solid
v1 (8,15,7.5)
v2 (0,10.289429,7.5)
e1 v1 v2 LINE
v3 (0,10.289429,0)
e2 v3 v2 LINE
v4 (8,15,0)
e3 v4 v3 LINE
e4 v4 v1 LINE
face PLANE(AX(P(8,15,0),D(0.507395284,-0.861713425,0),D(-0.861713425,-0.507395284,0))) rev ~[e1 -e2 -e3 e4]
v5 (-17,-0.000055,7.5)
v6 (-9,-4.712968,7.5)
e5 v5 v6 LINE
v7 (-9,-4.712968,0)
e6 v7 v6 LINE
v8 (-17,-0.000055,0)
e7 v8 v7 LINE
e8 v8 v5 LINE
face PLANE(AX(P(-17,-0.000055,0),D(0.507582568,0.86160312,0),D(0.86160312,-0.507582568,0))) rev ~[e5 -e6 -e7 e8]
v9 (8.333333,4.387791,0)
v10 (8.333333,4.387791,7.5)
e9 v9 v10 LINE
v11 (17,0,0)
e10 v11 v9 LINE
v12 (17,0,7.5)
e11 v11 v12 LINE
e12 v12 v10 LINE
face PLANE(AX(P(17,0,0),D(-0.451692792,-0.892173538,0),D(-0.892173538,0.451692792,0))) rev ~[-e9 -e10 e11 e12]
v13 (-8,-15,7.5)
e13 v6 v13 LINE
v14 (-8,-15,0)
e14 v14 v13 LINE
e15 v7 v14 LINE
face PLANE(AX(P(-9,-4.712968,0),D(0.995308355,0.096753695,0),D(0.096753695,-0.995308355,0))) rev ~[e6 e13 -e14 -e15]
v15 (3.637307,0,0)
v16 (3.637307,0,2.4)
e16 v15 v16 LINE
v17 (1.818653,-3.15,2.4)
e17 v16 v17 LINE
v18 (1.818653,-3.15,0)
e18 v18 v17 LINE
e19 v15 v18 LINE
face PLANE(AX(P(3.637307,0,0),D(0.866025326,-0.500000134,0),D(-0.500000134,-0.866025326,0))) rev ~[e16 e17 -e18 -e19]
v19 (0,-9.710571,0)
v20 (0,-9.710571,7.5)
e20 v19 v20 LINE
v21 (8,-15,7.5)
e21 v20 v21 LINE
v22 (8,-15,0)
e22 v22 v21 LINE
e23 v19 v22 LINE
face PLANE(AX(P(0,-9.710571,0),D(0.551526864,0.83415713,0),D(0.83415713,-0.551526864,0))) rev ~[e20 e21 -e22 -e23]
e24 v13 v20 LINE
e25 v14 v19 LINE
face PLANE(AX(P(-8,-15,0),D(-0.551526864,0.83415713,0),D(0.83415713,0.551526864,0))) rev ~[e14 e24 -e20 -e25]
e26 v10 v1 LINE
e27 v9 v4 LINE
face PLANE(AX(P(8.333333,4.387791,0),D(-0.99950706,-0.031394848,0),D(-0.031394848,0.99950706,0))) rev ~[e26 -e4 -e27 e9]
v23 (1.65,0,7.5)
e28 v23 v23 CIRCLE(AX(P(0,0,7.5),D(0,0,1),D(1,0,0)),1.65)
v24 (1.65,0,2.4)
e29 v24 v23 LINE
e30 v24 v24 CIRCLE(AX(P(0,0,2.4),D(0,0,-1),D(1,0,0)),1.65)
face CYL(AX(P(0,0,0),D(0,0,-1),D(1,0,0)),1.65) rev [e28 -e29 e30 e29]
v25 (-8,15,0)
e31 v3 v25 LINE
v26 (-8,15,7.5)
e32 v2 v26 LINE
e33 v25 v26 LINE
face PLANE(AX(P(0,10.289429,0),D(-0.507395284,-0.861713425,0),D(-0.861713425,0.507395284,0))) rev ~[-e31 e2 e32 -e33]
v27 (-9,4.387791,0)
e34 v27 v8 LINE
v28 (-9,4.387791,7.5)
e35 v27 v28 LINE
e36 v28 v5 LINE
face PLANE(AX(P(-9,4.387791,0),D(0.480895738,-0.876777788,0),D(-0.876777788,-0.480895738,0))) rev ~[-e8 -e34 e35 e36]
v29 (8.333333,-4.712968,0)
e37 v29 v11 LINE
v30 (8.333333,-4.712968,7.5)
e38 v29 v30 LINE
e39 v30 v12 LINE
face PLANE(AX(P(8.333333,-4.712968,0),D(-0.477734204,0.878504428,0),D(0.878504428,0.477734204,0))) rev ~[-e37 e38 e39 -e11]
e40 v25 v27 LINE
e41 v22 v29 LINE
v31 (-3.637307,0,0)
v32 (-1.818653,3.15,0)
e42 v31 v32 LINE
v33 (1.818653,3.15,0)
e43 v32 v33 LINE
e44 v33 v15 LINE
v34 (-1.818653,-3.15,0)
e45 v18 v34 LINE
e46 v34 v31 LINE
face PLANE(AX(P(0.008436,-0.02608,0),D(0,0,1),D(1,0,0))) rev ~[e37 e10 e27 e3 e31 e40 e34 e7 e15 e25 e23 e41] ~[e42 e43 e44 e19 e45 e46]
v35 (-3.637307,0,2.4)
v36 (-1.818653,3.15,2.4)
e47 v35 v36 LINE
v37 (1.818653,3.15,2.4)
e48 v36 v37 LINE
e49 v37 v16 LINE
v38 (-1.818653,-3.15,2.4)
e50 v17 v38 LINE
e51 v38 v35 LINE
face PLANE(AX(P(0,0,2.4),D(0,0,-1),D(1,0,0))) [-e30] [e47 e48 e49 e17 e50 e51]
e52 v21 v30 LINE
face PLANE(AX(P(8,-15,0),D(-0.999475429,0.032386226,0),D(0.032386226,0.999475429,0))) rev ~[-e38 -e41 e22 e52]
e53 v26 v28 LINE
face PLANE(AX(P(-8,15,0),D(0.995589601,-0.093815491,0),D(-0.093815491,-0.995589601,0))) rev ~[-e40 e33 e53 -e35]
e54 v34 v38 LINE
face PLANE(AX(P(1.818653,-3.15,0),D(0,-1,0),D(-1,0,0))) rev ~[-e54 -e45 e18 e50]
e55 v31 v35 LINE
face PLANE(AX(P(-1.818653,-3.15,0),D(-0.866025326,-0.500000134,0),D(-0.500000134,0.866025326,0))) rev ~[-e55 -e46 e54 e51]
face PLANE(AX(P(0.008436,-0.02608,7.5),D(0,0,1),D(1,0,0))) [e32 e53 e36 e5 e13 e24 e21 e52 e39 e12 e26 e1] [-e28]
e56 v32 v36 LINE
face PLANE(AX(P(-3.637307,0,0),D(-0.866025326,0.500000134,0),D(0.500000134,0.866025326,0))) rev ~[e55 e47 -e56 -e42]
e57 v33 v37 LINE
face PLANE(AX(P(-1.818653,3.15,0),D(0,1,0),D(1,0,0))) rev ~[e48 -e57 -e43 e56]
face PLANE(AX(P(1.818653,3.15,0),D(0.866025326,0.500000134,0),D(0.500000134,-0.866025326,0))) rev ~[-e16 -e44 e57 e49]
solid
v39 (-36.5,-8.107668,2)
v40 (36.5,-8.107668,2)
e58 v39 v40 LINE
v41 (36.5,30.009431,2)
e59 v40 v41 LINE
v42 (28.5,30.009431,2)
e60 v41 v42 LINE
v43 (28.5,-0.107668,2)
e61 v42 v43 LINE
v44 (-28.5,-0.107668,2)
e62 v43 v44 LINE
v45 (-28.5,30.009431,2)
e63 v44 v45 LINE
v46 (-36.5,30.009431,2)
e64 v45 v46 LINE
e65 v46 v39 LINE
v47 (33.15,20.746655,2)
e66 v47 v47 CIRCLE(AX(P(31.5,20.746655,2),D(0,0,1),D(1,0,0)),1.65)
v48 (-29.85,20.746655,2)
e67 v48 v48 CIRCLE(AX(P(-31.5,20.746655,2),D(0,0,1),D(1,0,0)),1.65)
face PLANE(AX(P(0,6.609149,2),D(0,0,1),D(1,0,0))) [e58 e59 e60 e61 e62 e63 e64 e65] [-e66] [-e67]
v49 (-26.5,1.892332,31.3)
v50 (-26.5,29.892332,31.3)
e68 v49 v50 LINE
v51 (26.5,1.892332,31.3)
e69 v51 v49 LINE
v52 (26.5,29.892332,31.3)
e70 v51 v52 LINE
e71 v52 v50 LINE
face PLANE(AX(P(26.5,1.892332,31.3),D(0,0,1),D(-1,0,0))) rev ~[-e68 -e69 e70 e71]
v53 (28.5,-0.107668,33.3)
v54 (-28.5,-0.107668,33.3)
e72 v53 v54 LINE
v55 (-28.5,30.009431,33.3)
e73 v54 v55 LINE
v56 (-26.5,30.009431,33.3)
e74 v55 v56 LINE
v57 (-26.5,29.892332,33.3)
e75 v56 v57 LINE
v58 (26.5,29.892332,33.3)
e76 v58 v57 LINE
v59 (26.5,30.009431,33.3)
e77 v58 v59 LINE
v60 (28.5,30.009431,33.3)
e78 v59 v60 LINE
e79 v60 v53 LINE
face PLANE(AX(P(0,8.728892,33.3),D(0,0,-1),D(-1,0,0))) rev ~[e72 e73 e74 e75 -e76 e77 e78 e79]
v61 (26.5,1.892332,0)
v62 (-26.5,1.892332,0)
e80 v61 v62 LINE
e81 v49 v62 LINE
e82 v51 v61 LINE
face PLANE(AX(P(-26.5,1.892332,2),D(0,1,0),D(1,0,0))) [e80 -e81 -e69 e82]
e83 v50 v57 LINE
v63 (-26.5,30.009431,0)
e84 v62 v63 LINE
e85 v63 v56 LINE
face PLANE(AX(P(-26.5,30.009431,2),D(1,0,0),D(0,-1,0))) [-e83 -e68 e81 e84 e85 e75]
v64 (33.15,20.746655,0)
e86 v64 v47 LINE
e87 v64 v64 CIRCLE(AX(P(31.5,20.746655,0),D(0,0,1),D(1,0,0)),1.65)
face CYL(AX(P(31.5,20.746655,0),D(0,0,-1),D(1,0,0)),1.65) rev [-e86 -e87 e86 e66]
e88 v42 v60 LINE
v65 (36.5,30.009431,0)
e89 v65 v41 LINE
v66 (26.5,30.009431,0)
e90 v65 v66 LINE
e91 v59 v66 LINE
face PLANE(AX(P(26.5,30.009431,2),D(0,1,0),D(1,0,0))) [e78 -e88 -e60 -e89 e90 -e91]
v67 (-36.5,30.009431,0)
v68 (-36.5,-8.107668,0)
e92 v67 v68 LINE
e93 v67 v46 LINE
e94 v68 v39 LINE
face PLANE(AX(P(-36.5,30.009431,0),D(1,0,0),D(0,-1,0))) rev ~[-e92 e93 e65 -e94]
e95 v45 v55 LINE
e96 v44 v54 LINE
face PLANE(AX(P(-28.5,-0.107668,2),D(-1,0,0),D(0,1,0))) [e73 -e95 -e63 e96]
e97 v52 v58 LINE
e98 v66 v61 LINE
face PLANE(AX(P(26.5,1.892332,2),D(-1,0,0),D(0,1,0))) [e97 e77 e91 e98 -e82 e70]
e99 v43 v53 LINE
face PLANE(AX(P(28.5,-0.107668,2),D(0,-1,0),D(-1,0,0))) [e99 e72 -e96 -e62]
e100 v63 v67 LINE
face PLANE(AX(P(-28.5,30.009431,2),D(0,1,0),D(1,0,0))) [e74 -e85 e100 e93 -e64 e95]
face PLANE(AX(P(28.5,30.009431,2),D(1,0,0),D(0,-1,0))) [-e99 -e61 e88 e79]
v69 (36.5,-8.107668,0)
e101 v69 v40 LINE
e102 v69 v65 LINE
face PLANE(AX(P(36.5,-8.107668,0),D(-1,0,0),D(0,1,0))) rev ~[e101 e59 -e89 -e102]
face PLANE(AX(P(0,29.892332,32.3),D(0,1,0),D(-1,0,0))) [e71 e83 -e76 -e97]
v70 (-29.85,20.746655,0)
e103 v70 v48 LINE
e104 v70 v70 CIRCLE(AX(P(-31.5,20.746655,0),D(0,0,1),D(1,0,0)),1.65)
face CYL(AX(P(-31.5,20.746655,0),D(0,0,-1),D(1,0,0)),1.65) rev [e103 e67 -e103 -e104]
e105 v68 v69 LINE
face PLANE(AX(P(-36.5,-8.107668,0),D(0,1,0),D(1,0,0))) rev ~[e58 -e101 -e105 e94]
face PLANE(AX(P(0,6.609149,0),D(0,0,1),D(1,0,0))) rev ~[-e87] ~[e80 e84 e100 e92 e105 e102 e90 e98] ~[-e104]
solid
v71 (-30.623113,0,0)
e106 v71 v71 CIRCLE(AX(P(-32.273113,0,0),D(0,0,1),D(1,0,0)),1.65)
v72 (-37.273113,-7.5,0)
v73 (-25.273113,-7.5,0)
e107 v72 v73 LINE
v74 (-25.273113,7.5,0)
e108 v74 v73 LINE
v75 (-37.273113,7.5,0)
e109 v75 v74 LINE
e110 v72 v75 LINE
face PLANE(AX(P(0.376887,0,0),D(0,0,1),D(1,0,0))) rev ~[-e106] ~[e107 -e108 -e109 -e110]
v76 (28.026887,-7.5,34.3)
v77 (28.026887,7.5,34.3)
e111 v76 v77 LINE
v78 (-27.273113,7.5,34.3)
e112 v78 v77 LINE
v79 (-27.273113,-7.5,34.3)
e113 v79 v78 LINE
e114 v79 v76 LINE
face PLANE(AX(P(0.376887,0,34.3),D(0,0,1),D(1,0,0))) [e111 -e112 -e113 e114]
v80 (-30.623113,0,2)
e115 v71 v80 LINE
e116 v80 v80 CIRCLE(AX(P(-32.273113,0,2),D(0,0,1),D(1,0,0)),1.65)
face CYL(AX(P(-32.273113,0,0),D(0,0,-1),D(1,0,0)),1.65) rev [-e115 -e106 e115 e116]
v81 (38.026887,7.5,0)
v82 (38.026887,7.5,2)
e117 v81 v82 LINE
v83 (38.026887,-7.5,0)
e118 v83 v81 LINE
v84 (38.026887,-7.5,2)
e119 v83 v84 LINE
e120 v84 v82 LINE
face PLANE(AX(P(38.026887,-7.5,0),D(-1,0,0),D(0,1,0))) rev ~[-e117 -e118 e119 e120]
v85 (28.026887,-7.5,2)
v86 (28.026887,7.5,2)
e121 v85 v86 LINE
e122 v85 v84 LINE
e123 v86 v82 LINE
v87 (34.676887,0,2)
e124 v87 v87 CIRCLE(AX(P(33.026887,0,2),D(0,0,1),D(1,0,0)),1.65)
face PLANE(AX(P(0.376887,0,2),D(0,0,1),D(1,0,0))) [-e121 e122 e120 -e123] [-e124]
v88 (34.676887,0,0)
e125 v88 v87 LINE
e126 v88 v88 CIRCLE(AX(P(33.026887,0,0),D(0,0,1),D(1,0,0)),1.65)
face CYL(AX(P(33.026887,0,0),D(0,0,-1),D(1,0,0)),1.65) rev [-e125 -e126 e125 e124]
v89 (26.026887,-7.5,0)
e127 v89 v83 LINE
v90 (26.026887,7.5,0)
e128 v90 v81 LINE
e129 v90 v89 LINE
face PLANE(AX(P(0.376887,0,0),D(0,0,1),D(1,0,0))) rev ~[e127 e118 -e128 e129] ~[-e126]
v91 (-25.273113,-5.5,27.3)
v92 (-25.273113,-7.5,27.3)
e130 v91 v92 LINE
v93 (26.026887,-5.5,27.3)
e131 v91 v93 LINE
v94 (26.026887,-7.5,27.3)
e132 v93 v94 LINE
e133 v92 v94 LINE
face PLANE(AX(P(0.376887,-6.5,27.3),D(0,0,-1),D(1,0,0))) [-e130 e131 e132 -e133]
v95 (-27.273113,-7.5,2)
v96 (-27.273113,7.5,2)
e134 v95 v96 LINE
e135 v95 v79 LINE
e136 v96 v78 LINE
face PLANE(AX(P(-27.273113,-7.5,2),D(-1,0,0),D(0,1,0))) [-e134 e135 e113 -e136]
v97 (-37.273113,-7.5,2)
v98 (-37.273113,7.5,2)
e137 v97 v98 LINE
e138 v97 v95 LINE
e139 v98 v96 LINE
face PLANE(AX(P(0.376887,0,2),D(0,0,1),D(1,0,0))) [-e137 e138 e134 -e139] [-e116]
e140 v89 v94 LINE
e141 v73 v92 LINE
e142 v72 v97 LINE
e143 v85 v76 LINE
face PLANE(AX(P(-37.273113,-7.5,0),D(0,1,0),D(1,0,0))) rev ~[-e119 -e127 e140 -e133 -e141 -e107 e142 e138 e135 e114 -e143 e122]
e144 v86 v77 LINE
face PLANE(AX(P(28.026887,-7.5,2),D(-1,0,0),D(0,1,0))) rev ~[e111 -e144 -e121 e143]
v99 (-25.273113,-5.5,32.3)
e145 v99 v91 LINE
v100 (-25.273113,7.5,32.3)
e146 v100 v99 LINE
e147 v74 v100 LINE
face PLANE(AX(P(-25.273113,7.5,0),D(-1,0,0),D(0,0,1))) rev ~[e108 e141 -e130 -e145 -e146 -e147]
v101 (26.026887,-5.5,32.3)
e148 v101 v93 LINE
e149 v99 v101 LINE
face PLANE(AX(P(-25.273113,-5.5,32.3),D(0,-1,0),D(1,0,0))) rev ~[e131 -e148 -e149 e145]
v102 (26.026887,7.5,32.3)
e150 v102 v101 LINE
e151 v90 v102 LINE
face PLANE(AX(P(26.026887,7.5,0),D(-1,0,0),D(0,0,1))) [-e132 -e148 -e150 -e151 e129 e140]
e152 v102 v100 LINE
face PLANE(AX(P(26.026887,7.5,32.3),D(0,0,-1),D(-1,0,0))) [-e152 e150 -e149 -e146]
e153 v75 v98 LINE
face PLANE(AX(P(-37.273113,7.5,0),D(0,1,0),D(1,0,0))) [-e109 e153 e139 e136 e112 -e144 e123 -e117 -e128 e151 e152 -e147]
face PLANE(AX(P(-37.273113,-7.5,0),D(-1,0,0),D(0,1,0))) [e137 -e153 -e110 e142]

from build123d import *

# Parameters (mm, degrees)
SKETCH_R        = 1.65
PAD_DEPTH       = 7.5
POCKET_DEPTH    = 2.4
SKETCH002_R     = 1.65
PAD001_DEPTH    = 2
PAD002_DEPTH    = 31.3
SKETCH005_W     = 53
SKETCH005_H     = 2
PAD003_DEPTH    = 28
SKETCH006_W     = 75.3
SKETCH006_H     = 15
SKETCH006_R     = 1.65
PAD004_DEPTH    = 2
SKETCH007_W     = 55.3
SKETCH007_H     = 15
PAD005_DEPTH    = 32.3
SKETCH008_W     = 51.3
SKETCH008_H     = 32.3
POCKET001_DEPTH = 15.001
SKETCH009_W     = 51.3
SKETCH009_H     = 2
PAD006_DEPTH    = 5


with BuildPart() as pezinhos:
    # Sketch → Pad (new body)
    with BuildSketch(Plane.XY):
        Polygon((8, -15), (8.333333, -4.712968), (17, 0), (8.333333, 4.387791), (8, 15), (0, 10.289429), (-8, 15), (-9, 4.387791), (-17, -5.5e-05), (-9, -4.712968), (-8, -15), (0, -9.710571), align=None)
        Circle(SKETCH_R, mode=Mode.SUBTRACT)
    extrude(amount=PAD_DEPTH)

    # Sketch001 (on Face14 of Pad) → Pocket (cut)
    with BuildSketch(Plane(origin=(0, 0, 0), x_dir=(1, 0, 0), z_dir=(0, 0, -1))):
        Polygon((1.818653, -3.15), (3.637307, 0), (1.818653, 3.15), (-1.818653, 3.15), (-3.637307, 0), (-1.818653, -3.15), align=None)
    extrude(amount=-POCKET_DEPTH, mode=Mode.SUBTRACT)


with BuildPart() as ps_sul:
    # Sketch002 → Pad001 (new body)
    with BuildSketch(Plane.XY):
        Polygon((-26.5, 1.892332), (-26.5, 30.009431), (-36.5, 30.009431), (-36.5, 10.009431), (-36.5, -8.107668), (36.5, -8.107668), (36.5, 0), (36.5, 30.009431), (26.5, 30.009431), (26.5, 1.892332), align=None)
        with Locations((-31.5, 20.746655)):
            Circle(SKETCH002_R, mode=Mode.SUBTRACT)
        with Locations((31.5, 20.746655)):
            Circle(SKETCH002_R, mode=Mode.SUBTRACT)
    extrude(amount=PAD001_DEPTH)

    # Sketch004 (on Face14 of Pad001) → Pad002 (join)
    with BuildSketch(Plane.XY.offset(2)):
        Polygon((-26.5, 30.009431), (-26.5, 1.892332), (26.5, 1.892332), (26.5, 30.009431), (28.5, 30.009431), (28.5, -0.107668), (-28.5, -0.107668), (-28.5, 30.009431), align=None)
    extrude(amount=PAD002_DEPTH)

    # Sketch005 (on Face7 of Pad002) → Pad003 (join)
    with BuildSketch(Plane(origin=(0, 1.892332, 0), x_dir=(-1, 0, 0), z_dir=(0, 1, 0))):
        with Locations((0, 32.3)):
            Rectangle(SKETCH005_W, SKETCH005_H)
    extrude(amount=PAD003_DEPTH)


with BuildPart() as ps_norte:
    # Sketch006 → Pad004 (new body)
    with BuildSketch(Plane.XY):
        with Locations((0.376887, 0)):
            Rectangle(SKETCH006_W, SKETCH006_H)
        with Locations((33.026887, 0)):
            Circle(SKETCH006_R, mode=Mode.SUBTRACT)
        with Locations((-32.273113, 0)):
            Circle(SKETCH006_R, mode=Mode.SUBTRACT)
    extrude(amount=PAD004_DEPTH)

    # Sketch007 (on Face8 of Pad004) → Pad005 (join)
    with BuildSketch(Plane.XY.offset(2)):
        with Locations((0.376887, 0)):
            Rectangle(SKETCH007_W, SKETCH007_H)
    extrude(amount=PAD005_DEPTH)

    # Sketch008 (on Face6 of Pad005) → Pocket001 (cut, through all)
    with BuildSketch(Plane(origin=(0, 7.5, 0), x_dir=(-1, 0, 0), z_dir=(0, 1, 0))):
        with Locations((-0.376887, 16.15)):
            Rectangle(SKETCH008_W, SKETCH008_H)
    extrude(amount=-POCKET001_DEPTH, mode=Mode.SUBTRACT)

    # Sketch009 (on Face10 of Pocket001) → Pad006 (join)
    with BuildSketch(Plane(origin=(0, 0, 32.3), x_dir=(1, 0, 0), z_dir=(0, 0, -1))):
        with Locations((0.376887, 6.5)):
            Rectangle(SKETCH009_W, SKETCH009_H)
    extrude(amount=PAD006_DEPTH)


solid = Compound([pezinhos.part, ps_sul.part, ps_norte.part])
